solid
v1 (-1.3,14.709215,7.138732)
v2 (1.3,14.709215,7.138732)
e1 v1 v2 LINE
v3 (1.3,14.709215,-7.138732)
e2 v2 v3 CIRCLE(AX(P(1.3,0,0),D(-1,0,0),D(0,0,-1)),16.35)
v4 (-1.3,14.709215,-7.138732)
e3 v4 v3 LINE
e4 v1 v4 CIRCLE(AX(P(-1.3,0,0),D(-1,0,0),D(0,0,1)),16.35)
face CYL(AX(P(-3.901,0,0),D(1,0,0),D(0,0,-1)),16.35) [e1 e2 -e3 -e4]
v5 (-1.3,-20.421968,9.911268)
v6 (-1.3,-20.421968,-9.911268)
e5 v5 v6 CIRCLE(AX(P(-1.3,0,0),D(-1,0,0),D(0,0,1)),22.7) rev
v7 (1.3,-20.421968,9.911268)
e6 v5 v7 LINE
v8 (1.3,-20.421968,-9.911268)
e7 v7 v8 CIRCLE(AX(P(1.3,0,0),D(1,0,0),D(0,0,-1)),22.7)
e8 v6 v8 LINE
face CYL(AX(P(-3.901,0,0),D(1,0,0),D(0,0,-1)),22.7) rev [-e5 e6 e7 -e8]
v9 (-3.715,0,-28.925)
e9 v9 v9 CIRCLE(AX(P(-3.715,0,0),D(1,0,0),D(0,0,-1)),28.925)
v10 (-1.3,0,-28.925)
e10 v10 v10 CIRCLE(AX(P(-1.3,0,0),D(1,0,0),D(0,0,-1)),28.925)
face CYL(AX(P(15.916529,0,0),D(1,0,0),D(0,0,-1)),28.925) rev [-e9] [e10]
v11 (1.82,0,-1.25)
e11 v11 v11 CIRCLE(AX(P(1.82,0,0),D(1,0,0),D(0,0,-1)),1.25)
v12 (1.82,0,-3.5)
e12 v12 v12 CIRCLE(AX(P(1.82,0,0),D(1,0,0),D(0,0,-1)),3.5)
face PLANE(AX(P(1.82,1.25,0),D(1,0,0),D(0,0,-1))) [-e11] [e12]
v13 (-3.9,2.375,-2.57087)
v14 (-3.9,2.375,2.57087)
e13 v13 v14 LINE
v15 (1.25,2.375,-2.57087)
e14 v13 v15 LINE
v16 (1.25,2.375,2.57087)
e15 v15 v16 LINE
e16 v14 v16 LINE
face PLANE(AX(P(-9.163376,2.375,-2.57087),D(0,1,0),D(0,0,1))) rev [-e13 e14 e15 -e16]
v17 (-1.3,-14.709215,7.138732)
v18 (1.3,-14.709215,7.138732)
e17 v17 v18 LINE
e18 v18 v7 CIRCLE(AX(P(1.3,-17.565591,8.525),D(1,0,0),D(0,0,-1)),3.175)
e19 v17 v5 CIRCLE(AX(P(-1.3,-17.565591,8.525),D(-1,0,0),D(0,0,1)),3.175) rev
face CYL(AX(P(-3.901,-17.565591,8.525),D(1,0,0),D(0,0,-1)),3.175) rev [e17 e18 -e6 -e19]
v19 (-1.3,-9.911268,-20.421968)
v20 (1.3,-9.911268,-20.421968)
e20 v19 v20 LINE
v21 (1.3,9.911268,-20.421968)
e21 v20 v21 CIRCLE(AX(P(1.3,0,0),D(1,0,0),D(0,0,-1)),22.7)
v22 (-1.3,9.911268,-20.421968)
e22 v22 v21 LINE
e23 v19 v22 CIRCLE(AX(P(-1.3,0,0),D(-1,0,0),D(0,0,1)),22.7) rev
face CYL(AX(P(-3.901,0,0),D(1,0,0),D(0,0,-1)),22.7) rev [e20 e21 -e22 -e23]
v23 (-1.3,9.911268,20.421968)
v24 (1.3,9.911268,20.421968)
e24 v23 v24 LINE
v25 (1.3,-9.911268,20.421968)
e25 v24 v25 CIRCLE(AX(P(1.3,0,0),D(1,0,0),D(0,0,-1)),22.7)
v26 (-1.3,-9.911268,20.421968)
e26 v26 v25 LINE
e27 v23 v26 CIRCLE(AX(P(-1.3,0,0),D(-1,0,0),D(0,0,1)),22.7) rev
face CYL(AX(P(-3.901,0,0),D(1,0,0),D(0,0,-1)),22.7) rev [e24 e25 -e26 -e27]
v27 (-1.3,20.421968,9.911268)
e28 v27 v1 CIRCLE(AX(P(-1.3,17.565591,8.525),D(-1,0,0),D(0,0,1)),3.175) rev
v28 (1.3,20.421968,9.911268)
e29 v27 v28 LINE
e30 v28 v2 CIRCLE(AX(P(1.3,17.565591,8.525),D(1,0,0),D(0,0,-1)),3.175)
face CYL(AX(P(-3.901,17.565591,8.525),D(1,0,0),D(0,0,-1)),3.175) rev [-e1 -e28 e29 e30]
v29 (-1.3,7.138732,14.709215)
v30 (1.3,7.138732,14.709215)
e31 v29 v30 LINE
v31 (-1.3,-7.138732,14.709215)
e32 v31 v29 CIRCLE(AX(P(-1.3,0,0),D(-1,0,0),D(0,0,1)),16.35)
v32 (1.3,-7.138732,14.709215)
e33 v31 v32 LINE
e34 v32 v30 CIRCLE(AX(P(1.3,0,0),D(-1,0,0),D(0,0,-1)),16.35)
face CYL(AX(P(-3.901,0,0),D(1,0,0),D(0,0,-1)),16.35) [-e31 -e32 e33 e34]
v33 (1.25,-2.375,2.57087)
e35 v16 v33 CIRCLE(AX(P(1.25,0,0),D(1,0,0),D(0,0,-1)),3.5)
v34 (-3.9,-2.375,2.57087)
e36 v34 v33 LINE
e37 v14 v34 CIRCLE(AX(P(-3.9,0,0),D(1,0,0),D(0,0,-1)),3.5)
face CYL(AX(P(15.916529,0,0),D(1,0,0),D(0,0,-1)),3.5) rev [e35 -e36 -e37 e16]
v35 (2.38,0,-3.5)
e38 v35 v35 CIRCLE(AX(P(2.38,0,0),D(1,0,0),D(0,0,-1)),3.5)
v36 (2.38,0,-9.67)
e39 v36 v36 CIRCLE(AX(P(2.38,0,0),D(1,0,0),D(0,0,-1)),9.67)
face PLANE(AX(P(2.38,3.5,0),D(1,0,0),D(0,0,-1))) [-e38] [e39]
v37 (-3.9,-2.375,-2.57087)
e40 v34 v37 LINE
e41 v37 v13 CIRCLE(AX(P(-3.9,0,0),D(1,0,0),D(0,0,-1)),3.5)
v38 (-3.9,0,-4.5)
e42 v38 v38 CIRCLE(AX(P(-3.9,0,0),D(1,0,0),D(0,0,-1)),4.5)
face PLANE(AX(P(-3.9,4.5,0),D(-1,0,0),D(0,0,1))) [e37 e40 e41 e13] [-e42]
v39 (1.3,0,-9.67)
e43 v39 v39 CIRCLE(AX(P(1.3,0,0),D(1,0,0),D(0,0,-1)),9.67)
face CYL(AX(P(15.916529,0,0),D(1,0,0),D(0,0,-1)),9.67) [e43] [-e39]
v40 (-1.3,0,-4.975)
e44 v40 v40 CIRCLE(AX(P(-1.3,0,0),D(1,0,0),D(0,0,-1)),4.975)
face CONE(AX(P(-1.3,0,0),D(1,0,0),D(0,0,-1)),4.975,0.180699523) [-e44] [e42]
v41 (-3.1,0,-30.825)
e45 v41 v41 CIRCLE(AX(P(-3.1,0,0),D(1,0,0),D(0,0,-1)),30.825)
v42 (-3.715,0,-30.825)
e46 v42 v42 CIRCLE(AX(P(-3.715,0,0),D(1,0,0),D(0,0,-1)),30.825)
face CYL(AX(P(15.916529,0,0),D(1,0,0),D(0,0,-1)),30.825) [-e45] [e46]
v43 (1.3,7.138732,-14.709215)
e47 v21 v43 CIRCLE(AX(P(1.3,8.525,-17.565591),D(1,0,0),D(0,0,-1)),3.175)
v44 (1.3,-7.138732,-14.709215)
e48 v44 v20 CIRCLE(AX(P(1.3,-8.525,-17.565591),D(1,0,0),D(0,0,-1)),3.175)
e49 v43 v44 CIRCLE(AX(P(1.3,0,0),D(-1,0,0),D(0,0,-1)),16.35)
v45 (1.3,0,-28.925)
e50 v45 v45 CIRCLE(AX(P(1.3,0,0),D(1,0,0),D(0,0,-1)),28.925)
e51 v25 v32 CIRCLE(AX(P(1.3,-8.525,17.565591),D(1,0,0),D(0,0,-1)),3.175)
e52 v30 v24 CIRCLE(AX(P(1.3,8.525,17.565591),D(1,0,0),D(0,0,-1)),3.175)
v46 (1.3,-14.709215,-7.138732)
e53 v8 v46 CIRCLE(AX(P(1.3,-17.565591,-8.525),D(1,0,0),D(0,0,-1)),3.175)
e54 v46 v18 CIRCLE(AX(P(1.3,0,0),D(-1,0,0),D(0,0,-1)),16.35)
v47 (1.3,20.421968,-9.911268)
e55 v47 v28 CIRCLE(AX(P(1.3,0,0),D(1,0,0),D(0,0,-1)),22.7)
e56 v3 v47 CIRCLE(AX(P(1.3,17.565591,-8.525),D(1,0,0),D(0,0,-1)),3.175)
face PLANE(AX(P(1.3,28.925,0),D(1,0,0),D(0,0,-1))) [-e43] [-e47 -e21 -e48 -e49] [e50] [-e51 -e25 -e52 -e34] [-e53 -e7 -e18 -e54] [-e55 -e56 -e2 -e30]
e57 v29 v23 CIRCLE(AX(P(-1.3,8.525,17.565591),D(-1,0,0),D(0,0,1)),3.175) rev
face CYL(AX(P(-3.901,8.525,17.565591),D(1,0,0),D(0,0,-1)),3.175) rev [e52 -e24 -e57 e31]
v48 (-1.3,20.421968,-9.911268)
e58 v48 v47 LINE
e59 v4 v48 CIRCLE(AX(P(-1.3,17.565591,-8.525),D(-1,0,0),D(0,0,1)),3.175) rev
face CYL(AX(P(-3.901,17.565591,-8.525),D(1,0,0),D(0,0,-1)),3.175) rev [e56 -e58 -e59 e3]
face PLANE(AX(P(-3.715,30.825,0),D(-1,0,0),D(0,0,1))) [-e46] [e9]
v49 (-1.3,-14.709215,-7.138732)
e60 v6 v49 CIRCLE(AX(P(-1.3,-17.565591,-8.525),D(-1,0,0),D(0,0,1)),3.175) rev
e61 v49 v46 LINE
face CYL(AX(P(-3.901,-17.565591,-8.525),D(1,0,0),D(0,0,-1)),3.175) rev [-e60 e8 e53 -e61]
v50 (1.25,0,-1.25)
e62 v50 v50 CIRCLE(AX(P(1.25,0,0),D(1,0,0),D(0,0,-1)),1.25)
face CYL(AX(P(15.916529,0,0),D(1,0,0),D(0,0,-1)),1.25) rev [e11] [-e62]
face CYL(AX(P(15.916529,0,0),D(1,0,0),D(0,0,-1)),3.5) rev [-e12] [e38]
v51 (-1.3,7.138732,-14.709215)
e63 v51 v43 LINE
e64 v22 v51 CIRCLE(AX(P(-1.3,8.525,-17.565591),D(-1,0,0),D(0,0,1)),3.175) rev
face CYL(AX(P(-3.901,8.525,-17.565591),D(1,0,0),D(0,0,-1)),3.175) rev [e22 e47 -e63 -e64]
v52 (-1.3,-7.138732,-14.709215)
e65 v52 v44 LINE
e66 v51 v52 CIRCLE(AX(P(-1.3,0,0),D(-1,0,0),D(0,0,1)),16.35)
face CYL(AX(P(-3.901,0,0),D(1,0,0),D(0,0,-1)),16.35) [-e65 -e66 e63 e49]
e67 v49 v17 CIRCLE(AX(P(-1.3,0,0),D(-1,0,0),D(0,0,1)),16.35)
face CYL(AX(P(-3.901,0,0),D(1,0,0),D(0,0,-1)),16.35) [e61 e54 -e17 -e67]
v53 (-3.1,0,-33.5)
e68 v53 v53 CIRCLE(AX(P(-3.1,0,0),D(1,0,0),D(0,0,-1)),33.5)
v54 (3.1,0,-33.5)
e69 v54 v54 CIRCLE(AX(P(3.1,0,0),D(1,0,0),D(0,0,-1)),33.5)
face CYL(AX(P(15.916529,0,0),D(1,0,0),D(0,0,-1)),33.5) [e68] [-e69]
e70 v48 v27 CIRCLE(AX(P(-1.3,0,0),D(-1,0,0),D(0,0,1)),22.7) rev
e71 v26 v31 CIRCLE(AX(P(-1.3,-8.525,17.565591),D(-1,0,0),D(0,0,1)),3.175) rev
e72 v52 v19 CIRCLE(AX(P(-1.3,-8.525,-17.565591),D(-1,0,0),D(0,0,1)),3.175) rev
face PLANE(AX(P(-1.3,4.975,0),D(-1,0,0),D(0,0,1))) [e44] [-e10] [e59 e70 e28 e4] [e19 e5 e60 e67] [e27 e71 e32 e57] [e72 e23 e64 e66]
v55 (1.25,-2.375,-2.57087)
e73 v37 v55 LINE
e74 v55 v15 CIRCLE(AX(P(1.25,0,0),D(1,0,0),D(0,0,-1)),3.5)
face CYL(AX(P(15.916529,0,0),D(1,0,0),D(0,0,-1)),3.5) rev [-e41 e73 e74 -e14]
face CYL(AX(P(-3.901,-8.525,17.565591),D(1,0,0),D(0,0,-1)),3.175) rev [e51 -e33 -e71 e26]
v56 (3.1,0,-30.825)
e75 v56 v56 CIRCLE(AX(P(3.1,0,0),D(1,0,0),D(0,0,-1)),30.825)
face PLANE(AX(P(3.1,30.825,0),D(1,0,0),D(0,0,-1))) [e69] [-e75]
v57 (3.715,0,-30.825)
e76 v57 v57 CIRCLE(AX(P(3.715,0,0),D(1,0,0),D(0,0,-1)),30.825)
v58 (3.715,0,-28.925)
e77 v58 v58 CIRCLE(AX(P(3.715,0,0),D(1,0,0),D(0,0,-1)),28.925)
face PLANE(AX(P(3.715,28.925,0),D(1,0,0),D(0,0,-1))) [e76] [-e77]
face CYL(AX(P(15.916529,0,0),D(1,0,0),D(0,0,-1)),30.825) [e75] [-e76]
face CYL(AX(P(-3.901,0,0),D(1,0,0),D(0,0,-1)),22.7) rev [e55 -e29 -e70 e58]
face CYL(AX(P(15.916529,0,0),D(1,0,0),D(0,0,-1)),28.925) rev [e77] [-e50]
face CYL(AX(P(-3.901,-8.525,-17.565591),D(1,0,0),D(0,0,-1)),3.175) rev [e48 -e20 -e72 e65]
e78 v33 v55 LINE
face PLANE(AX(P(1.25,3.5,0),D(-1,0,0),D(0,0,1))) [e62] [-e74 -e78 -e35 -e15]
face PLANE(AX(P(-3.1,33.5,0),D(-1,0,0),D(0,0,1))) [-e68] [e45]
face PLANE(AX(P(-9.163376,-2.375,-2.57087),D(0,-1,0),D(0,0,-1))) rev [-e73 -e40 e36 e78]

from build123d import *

# Parameters (mm, degrees)
CUT_EXTRUDE1_REACH  = 49.661
BOSS_EXTRUDE1_DEPTH = 5.15


with BuildPart() as part:
    # Sketch2 → Revolve1 (revolve)
    with BuildSketch(Plane.XY, mode=Mode.PRIVATE) as revolve1_sk:
        Polygon((2.38, 3.5), (2.38, 9.67), (1.3, 9.67), (1.3, 28.925), (3.715, 28.925), (3.715, 30.825), (3.1, 30.825), (3.1, 33.5), (-3.1, 33.5), (-3.1, 30.825), (-3.715, 30.825), (-3.715, 28.925), (-1.3, 28.925), (-1.3, 4.975), (-3.9, 4.5), (-3.9, 3.5), (1.25, 3.5), (1.25, 1.25), (1.82, 1.25), (1.82, 3.5), align=None)
    revolve(revolve1_sk.sketch.rotate(Axis((15.916528922, 0, 0), (-1, 0, 0)), 90), axis=Axis((15.916528922, 0, 0), (-1, 0, 0)))

    # Sketch3 → Cut-Extrude1 (cut, up to next)
    with BuildSketch(Plane(origin=(1.3, 0, 0), x_dir=(0, 0, -1), z_dir=(1, 0, 0)), mode=Mode.PRIVATE) as cut_extrude1_sk1:
        with BuildLine():
            ThreePointArc((9.911267606, 20.421967938), (0, 22.7), (-9.911267606, 20.421967938))
            ThreePointArc((-9.911267606, 20.421967938), (-11.381376573, 16.179323759), (-7.138732394, 14.709214792))
            ThreePointArc((-7.138732394, 14.709214792), (0, 16.35), (7.138732394, 14.709214792))
            ThreePointArc((7.138732394, 14.709214792), (11.381376573, 16.179323759), (9.911267606, 20.421967938))
        make_face()
    cut_extrude1_tool1 = extrude(cut_extrude1_sk1.sketch, amount=-CUT_EXTRUDE1_REACH, mode=Mode.PRIVATE) & part.part
    # Sketch3 → Cut-Extrude1 (cut, up to next)
    with BuildSketch(Plane(origin=(1.3, 0, 0), x_dir=(0, 0, -1), z_dir=(1, 0, 0)), mode=Mode.PRIVATE) as cut_extrude1_sk2:
        with BuildLine():
            ThreePointArc((20.421967938, -9.911267606), (22.7, 0), (20.421967938, 9.911267606))
            ThreePointArc((20.421967938, 9.911267606), (16.179323759, 11.381376573), (14.709214792, 7.138732394))
            ThreePointArc((14.709214792, 7.138732394), (16.35, 0), (14.709214792, -7.138732394))
            ThreePointArc((14.709214792, -7.138732394), (16.179323759, -11.381376573), (20.421967938, -9.911267606))
        make_face()
    cut_extrude1_tool2 = extrude(cut_extrude1_sk2.sketch, amount=-CUT_EXTRUDE1_REACH, mode=Mode.PRIVATE) & part.part
    # Sketch3 → Cut-Extrude1 (cut, up to next)
    with BuildSketch(Plane(origin=(1.3, 0, 0), x_dir=(0, 0, -1), z_dir=(1, 0, 0)), mode=Mode.PRIVATE) as cut_extrude1_sk3:
        with BuildLine():
            ThreePointArc((-9.911267606, -20.421967938), (0, -22.7), (9.911267606, -20.421967938))
            ThreePointArc((9.911267606, -20.421967938), (11.381376573, -16.179323759), (7.138732394, -14.709214792))
            ThreePointArc((7.138732394, -14.709214792), (0, -16.35), (-7.138732394, -14.709214792))
            ThreePointArc((-7.138732394, -14.709214792), (-11.381376573, -16.179323759), (-9.911267606, -20.421967938))
        make_face()
    cut_extrude1_tool3 = extrude(cut_extrude1_sk3.sketch, amount=-CUT_EXTRUDE1_REACH, mode=Mode.PRIVATE) & part.part
    # Sketch3 → Cut-Extrude1 (cut, up to next)
    with BuildSketch(Plane(origin=(1.3, 0, 0), x_dir=(0, 0, -1), z_dir=(1, 0, 0)), mode=Mode.PRIVATE) as cut_extrude1_sk4:
        with BuildLine():
            ThreePointArc((-20.421967938, 9.911267606), (-22.7, 0), (-20.421967938, -9.911267606))
            ThreePointArc((-20.421967938, -9.911267606), (-16.179323759, -11.381376573), (-14.709214792, -7.138732394))
            ThreePointArc((-14.709214792, -7.138732394), (-16.35, 0), (-14.709214792, 7.138732394))
            ThreePointArc((-14.709214792, 7.138732394), (-16.179323759, 11.381376573), (-20.421967938, 9.911267606))
        make_face()
    cut_extrude1_tool4 = extrude(cut_extrude1_sk4.sketch, amount=-CUT_EXTRUDE1_REACH, mode=Mode.PRIVATE) & part.part
    add(cut_extrude1_tool1.solids().sort_by_distance((1.3, 18.580512, 0))[0], mode=Mode.SUBTRACT)
    add(cut_extrude1_tool2.solids().sort_by_distance((1.3, 0, -18.580512))[0], mode=Mode.SUBTRACT)
    add(cut_extrude1_tool3.solids().sort_by_distance((1.3, -18.580512, 0))[0], mode=Mode.SUBTRACT)
    add(cut_extrude1_tool4.solids().sort_by_distance((1.3, 0, 18.580512))[0], mode=Mode.SUBTRACT)

    # Sketch4 → Boss-Extrude1 (add)
    with BuildSketch(Plane.ZY.offset(-1.25)):
        with BuildLine():
            Line((-2.570870475, 2.375), (2.570870475, 2.375))
            ThreePointArc((2.570870475, 2.375), (0, 3.5), (-2.570870475, 2.375))
        make_face()
        with BuildLine():
            Line((-2.570870475, -2.375), (2.570870475, -2.375))
            ThreePointArc((2.570870475, -2.375), (0, -3.5), (-2.570870475, -2.375))
        make_face()
    extrude(amount=BOSS_EXTRUDE1_DEPTH)


solid = part.part
